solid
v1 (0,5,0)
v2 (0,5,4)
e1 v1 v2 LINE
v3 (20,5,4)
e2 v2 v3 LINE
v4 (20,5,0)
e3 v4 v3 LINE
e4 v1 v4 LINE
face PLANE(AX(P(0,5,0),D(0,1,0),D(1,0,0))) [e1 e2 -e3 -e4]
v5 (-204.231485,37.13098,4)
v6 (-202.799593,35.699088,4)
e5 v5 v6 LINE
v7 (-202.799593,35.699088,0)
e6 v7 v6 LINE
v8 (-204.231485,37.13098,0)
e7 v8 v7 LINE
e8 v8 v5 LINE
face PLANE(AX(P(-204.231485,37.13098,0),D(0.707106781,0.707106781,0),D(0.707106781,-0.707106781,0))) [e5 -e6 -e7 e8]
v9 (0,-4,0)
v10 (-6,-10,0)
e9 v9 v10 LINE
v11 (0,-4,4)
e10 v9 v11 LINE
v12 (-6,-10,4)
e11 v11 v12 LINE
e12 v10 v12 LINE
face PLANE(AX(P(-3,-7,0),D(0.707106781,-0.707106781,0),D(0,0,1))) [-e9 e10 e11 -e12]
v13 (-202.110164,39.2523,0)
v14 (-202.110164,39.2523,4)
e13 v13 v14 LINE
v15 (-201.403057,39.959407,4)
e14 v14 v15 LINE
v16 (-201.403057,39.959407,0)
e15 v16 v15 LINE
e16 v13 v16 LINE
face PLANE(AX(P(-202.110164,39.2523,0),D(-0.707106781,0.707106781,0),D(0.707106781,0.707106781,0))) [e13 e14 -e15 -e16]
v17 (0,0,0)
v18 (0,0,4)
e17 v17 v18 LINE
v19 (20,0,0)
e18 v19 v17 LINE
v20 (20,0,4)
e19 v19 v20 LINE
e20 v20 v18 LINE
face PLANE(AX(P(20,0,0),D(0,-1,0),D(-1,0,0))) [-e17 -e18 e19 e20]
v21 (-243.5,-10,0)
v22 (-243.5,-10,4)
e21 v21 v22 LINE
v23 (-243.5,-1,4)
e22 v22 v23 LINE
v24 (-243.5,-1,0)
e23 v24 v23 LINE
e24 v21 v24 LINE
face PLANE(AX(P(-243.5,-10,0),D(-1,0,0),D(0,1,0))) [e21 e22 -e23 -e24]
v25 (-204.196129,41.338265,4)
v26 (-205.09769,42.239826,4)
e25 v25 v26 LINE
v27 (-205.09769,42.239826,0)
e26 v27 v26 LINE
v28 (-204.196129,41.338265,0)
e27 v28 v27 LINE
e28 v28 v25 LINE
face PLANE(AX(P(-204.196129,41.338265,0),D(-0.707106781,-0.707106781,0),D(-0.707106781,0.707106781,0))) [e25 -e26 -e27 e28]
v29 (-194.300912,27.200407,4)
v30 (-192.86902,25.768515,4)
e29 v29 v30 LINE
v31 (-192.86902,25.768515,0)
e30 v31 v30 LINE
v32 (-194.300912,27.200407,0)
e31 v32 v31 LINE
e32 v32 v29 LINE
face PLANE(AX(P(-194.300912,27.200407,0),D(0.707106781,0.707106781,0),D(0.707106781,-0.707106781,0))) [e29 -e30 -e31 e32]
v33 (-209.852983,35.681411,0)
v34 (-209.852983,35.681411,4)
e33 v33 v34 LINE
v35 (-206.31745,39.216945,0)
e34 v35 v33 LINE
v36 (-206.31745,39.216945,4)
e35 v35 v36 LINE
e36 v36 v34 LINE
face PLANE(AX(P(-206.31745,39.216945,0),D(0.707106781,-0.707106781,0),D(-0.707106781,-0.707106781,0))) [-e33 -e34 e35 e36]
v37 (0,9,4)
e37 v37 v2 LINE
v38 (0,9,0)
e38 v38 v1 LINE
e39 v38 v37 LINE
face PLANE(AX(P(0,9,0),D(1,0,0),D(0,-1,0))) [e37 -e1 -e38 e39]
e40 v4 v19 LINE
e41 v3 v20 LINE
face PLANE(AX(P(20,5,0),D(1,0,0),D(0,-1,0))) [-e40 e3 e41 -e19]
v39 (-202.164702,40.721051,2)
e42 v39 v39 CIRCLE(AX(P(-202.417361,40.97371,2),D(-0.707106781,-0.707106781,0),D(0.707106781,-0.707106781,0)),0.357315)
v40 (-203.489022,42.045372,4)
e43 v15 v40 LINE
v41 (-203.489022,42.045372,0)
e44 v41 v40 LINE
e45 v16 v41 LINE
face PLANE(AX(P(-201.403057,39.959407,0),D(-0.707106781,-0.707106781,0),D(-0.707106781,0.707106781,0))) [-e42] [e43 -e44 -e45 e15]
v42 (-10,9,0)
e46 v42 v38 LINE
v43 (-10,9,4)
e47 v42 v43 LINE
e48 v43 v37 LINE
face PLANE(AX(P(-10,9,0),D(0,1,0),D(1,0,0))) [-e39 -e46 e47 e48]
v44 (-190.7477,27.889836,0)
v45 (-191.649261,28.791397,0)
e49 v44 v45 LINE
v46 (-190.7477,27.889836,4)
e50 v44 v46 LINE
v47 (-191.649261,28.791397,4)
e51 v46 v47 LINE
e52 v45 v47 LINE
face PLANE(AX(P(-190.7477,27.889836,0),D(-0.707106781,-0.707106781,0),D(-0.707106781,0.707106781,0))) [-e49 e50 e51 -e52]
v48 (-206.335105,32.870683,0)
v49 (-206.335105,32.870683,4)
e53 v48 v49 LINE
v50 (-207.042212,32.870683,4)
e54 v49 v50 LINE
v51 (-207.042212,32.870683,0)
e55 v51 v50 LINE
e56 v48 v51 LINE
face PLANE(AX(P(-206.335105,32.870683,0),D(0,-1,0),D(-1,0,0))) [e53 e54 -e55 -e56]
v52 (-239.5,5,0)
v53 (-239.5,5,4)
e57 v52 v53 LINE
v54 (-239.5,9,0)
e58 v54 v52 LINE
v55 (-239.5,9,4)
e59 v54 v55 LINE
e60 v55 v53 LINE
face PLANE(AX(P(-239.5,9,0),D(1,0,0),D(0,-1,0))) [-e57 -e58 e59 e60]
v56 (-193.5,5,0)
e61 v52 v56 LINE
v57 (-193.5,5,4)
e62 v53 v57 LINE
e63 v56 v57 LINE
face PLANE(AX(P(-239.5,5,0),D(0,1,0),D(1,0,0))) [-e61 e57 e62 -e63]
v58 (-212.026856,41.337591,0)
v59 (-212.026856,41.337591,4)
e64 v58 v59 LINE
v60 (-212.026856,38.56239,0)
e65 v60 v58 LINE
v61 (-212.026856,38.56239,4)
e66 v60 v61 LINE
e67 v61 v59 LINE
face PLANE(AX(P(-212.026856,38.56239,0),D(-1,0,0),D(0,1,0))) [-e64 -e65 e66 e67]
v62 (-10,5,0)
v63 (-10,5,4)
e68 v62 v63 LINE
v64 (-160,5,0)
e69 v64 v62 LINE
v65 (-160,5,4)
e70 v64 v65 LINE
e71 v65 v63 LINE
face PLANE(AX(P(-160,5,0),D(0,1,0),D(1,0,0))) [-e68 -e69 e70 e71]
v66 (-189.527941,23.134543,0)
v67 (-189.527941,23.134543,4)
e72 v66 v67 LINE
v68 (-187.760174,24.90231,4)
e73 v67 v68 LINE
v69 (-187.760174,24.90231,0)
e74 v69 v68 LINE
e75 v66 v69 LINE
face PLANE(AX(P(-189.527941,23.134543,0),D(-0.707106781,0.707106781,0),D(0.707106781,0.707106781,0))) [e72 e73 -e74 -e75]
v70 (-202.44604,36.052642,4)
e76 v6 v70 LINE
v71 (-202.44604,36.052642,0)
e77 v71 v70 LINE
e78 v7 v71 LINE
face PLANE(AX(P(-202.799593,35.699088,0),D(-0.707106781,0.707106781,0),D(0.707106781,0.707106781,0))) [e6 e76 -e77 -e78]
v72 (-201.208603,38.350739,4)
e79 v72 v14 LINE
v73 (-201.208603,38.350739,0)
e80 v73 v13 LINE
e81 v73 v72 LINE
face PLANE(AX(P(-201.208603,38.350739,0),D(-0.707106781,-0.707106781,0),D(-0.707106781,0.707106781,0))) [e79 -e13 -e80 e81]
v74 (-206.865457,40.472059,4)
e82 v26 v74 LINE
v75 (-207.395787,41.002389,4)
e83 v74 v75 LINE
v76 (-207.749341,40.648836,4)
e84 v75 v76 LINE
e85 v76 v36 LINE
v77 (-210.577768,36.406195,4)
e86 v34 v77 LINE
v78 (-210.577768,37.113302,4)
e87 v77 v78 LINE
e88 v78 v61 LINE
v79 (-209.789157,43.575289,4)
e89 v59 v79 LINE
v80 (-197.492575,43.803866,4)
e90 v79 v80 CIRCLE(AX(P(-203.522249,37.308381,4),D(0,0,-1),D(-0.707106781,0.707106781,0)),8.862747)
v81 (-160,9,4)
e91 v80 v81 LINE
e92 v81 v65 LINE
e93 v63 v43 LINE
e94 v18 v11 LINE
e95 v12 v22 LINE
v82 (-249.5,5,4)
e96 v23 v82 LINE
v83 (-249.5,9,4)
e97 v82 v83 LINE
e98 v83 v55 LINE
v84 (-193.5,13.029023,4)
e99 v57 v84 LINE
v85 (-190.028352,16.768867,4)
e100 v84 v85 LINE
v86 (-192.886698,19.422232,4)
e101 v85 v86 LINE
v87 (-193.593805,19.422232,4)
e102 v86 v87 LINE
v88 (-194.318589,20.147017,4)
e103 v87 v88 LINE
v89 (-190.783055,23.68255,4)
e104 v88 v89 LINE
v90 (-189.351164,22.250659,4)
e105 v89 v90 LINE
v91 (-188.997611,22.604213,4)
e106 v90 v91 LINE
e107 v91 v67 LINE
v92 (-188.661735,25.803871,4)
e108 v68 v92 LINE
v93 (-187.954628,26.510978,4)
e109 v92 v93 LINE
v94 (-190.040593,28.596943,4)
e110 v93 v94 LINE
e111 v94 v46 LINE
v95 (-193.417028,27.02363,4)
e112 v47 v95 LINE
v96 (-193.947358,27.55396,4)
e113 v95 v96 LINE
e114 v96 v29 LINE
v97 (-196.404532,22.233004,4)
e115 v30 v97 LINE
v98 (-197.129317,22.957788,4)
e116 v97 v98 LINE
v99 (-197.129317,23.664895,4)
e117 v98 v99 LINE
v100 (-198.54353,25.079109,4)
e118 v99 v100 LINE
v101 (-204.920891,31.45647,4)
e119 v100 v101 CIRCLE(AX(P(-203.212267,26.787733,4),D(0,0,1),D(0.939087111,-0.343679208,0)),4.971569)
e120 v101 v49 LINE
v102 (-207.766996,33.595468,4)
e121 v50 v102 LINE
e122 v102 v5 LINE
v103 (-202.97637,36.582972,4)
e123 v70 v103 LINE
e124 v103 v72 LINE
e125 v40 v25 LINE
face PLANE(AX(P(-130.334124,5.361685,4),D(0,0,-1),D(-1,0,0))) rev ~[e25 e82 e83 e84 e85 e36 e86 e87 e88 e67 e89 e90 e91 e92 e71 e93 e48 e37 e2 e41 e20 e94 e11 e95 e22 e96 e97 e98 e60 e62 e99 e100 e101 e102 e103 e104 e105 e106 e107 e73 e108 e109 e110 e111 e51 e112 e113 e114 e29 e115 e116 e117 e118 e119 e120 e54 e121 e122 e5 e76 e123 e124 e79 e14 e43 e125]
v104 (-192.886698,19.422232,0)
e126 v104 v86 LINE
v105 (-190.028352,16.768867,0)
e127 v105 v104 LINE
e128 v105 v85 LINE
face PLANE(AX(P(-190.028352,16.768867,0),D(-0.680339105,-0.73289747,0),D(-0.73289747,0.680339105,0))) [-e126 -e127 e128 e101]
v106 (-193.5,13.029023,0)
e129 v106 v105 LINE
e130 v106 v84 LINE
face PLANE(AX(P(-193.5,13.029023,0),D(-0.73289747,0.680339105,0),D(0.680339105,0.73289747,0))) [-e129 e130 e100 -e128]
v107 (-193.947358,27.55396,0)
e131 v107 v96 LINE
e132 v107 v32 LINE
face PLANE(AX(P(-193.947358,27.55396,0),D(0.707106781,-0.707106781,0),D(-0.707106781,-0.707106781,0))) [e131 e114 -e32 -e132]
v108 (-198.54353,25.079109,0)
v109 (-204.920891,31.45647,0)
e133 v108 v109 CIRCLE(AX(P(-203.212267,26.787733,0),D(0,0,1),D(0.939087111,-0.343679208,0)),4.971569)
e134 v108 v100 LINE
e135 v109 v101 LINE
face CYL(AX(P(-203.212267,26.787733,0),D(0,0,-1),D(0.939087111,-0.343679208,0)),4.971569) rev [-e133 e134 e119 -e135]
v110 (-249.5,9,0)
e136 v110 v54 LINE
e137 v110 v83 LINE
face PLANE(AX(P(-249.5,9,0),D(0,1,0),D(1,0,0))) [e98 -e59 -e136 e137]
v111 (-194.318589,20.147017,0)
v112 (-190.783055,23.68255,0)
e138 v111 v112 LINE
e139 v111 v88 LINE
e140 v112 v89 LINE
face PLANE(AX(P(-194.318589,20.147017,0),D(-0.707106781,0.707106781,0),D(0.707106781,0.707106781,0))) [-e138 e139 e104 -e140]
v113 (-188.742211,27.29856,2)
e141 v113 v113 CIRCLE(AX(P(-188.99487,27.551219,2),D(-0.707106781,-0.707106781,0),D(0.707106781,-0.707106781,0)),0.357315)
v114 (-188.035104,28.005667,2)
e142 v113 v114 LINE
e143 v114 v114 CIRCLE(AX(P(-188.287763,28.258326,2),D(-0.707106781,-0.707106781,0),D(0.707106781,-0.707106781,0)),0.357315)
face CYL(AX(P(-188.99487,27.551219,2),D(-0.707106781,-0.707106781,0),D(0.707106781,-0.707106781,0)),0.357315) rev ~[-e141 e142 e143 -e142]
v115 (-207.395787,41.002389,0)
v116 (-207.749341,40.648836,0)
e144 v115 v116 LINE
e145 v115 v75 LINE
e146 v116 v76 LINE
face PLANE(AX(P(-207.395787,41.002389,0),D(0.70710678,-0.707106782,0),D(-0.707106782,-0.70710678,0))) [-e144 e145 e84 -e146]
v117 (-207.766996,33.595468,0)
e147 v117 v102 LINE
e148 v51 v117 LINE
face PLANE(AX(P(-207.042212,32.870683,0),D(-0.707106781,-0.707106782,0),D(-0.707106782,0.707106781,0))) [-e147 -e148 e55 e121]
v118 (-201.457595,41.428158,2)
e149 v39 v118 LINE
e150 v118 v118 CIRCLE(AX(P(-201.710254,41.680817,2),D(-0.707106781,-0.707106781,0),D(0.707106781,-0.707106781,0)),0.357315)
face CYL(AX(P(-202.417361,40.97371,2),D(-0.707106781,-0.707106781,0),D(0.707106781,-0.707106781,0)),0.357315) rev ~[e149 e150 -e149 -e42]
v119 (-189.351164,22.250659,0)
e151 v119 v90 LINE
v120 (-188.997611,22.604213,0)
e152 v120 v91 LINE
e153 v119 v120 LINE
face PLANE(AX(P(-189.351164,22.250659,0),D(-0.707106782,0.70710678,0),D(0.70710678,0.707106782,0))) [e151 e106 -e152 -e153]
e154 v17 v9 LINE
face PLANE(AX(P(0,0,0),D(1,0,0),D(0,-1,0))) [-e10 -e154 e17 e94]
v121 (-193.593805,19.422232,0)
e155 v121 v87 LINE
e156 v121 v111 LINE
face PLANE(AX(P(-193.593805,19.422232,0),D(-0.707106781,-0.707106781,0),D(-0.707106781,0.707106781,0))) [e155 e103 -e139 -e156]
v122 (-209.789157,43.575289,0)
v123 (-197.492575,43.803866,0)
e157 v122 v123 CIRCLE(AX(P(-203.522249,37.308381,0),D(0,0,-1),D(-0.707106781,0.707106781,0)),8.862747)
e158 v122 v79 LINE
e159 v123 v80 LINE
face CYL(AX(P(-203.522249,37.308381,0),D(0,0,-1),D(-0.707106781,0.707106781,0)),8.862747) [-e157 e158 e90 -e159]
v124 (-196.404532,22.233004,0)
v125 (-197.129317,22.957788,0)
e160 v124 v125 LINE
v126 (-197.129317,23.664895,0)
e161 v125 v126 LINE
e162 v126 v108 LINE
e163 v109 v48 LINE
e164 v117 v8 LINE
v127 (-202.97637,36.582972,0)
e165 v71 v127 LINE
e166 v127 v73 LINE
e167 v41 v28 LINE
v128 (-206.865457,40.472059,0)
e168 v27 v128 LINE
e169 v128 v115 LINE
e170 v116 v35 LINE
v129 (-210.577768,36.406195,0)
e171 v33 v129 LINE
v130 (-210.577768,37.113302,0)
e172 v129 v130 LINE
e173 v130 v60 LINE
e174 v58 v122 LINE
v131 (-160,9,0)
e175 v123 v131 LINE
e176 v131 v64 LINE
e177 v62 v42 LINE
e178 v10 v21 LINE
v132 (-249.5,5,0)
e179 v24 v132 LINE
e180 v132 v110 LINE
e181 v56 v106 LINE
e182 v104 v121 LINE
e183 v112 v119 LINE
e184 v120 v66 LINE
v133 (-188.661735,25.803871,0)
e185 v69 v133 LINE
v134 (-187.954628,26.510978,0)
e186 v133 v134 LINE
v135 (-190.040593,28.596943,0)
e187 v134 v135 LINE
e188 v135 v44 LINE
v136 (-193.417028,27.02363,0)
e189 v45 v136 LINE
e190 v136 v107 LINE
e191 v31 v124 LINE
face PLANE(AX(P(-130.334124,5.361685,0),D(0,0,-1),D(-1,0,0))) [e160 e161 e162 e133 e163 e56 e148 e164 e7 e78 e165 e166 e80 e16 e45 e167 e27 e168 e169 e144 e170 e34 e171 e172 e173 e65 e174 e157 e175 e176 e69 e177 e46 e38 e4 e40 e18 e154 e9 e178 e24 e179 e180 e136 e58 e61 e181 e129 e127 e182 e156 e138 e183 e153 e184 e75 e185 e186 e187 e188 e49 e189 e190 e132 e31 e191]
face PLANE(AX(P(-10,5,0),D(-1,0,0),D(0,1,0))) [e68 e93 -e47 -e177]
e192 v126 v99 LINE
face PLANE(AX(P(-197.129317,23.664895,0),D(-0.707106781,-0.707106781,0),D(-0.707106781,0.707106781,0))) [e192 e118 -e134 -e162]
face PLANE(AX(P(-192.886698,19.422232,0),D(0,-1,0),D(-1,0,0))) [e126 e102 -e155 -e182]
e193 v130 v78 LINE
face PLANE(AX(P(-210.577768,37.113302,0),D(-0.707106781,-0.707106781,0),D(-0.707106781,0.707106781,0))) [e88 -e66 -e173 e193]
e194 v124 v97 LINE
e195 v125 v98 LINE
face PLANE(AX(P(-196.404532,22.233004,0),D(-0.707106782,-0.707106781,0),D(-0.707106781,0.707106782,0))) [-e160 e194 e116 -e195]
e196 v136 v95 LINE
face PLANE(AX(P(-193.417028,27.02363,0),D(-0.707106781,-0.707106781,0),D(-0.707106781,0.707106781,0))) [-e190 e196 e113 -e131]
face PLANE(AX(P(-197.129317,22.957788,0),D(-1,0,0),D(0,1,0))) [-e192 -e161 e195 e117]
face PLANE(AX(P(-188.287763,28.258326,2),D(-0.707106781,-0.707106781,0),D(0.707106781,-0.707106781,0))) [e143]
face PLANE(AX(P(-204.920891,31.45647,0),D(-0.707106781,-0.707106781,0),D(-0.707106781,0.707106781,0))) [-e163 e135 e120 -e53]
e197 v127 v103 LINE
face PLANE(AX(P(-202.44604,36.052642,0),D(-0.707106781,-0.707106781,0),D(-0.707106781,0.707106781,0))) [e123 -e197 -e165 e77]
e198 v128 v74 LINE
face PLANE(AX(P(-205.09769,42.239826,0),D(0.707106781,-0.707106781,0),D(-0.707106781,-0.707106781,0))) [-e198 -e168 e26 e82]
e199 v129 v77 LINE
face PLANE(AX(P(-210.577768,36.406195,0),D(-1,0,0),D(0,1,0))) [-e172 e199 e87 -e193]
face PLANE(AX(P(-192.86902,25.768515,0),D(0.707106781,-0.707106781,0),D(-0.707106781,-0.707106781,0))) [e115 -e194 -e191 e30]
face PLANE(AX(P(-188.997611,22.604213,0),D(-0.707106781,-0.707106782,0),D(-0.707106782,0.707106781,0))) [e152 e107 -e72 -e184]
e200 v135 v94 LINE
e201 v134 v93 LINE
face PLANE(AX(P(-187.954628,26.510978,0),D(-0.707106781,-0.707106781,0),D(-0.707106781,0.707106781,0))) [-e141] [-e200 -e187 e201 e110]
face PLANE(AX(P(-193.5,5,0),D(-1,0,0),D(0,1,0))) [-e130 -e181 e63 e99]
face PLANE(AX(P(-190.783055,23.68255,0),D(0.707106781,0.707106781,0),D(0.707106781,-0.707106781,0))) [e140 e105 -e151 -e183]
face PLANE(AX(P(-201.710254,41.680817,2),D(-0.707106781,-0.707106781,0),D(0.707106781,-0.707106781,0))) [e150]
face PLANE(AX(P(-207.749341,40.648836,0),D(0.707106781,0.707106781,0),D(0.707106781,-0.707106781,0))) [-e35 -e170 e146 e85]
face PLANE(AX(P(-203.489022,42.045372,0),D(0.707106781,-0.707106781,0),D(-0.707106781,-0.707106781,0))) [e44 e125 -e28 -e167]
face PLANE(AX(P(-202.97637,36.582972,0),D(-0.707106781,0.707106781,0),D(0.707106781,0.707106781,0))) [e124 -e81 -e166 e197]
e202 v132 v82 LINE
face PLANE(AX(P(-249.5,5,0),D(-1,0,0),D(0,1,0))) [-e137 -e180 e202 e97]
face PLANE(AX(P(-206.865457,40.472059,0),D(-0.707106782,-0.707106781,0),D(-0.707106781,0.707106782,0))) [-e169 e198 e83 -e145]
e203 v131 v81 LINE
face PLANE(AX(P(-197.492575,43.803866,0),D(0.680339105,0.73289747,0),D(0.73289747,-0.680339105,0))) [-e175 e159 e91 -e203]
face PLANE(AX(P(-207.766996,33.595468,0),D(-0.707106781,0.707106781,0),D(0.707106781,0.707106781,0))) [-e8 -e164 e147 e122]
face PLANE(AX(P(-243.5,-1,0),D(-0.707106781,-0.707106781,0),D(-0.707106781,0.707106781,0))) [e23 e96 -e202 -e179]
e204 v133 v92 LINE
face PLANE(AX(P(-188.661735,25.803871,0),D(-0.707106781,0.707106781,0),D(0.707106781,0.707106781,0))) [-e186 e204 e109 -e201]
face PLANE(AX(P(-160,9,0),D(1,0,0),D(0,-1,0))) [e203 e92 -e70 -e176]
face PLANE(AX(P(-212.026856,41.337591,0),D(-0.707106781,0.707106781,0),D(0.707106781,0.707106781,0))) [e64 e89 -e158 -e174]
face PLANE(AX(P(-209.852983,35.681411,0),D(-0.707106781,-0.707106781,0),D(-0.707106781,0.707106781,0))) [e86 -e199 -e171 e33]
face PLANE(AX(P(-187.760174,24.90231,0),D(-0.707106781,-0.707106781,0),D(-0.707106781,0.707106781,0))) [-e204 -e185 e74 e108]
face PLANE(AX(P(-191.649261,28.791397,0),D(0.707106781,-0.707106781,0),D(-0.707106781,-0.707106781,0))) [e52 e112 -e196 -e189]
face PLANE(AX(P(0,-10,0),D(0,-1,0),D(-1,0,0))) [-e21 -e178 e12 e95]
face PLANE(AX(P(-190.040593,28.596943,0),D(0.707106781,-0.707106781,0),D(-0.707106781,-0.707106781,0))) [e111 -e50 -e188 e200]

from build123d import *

# Parameters (mm, degrees)
BOSS_EXTRUDE1_DEPTH = 4
CHAMFER1_SIZE       = 6
SKETCH2_R           = 0.357314597
CUT_EXTRUDE1_DEPTH  = 1


with BuildPart() as part:
    # Sketch1 → Boss-Extrude1 (new body)
    with BuildSketch(Plane.XY):
        with BuildLine():
            Line((-193.5, 5), (-193.5, 13.029022597))
            Line((-193.5, 13.029022597), (-190.028351822, 16.768866664))
            Line((-190.028351822, 16.768866664), (-192.886698165, 19.422232071))
            Line((-192.886698165, 19.422232071), (-193.593804946, 19.422232071))
            Line((-193.593804946, 19.422232071), (-194.318589397, 20.147016522))
            Line((-194.318589397, 20.147016522), (-190.783055491, 23.682550428))
            Line((-190.783055491, 23.682550428), (-189.351164259, 22.250659196))
            Line((-189.351164259, 22.250659196), (-188.997610869, 22.604212587))
            Line((-188.997610869, 22.604212587), (-189.527940955, 23.134542672))
            Line((-189.527940955, 23.134542672), (-187.760174002, 24.902309625))
            Line((-187.760174002, 24.902309625), (-188.661735148, 25.803870771))
            Line((-188.661735148, 25.803870771), (-187.954628366, 26.510977553))
            Line((-187.954628366, 26.510977553), (-190.040593371, 28.596942557))
            Line((-190.040593371, 28.596942557), (-190.747700152, 27.889835776))
            Line((-190.747700152, 27.889835776), (-191.649261298, 28.791396922))
            Line((-191.649261298, 28.791396922), (-193.417028251, 27.023629969))
            Line((-193.417028251, 27.023629969), (-193.947358337, 27.553960055))
            Line((-193.947358337, 27.553960055), (-194.300911728, 27.200406664))
            Line((-194.300911728, 27.200406664), (-192.869020496, 25.768515432))
            Line((-192.869020496, 25.768515432), (-196.404532161, 22.233003767))
            Line((-196.404532161, 22.233003767), (-197.129316611, 22.957788218))
            Line((-197.129316611, 22.957788218), (-197.129316611, 23.664894999))
            Line((-197.129316611, 23.664894999), (-198.543530174, 25.079108562))
            ThreePointArc((-198.543530174, 25.079108562), (-199.69683639, 30.30316361), (-204.920891438, 31.456469826))
            Line((-204.920891438, 31.456469826), (-206.335105001, 32.870683389))
            Line((-206.335105001, 32.870683389), (-207.042211782, 32.870683389))
            Line((-207.042211782, 32.870683389), (-207.766996233, 33.595467839))
            Line((-207.766996233, 33.595467839), (-204.231484568, 37.130979504))
            Line((-204.231484568, 37.130979504), (-202.799593336, 35.699088272))
            Line((-202.799593336, 35.699088272), (-202.446039945, 36.052641663))
            Line((-202.446039945, 36.052641663), (-202.976370031, 36.582971749))
            Line((-202.976370031, 36.582971749), (-201.208603078, 38.350738702))
            Line((-201.208603078, 38.350738702), (-202.110164224, 39.252299848))
            Line((-202.110164224, 39.252299848), (-201.403057443, 39.959406629))
            Line((-201.403057443, 39.959406629), (-203.489022447, 42.045371634))
            Line((-203.489022447, 42.045371634), (-204.196129229, 41.338264852))
            Line((-204.196129229, 41.338264852), (-205.097690375, 42.239825998))
            Line((-205.097690375, 42.239825998), (-206.865457328, 40.472059045))
            Line((-206.865457328, 40.472059045), (-207.395787413, 41.002389131))
            Line((-207.395787413, 41.002389131), (-207.749340804, 40.648835741))
            Line((-207.749340804, 40.648835741), (-206.317449572, 39.216944509))
            Line((-206.317449572, 39.216944509), (-209.852983478, 35.681410603))
            Line((-209.852983478, 35.681410603), (-210.577767929, 36.406195054))
            Line((-210.577767929, 36.406195054), (-210.577767929, 37.113301835))
            Line((-210.577767929, 37.113301835), (-212.026855734, 38.56238964))
            Line((-212.026855734, 38.56238964), (-212.026855734, 41.337590552))
            Line((-212.026855734, 41.337590552), (-209.789156947, 43.57528934))
            ThreePointArc((-209.789156947, 43.57528934), (-203.686966217, 46.169596994), (-197.492575262, 43.803865688))
            Line((-197.492575262, 43.803865688), (-160, 9))
            Line((-160, 9), (-160, 5))
            Line((-160, 5), (-10, 5))
            Line((-10, 5), (-10, 9))
            Line((-10, 9), (0, 9))
            Line((0, 9), (0, 5))
            Line((0, 5), (20, 5))
            Line((20, 5), (20, 0))
            Line((20, 0), (0, 0))
            Line((0, 0), (0, -10))
            Line((0, -10), (-243.5, -10))
            Line((-243.5, -10), (-243.5, -1))
            Line((-243.5, -1), (-249.5, 5))
            Line((-249.5, 5), (-249.5, 9))
            Line((-249.5, 9), (-239.5, 9))
            Line((-239.5, 9), (-239.5, 5))
            Line((-239.5, 5), (-193.5, 5))
        make_face()
    extrude(amount=BOSS_EXTRUDE1_DEPTH)

    # Chamfer1
    chamfer1_edges = [part.edges().sort_by_distance(p)[0] for p in [
        (0, -10, 2),
    ]]
    chamfer(chamfer1_edges, length=CHAMFER1_SIZE)

    # Sketch2 → Cut-Extrude1 (cut)
    with BuildSketch(Plane(origin=(-80.721825407, -80.721825407, 0), x_dir=(0, 0, 1), z_dir=(-0.7071067811865454, -0.7071067811865497, 0))):
        with Locations(Location((2, 172.10347727, 0), (0, 0, 270))):
            Circle(SKETCH2_R)
        with Locations(Location((2, 153.121208308, 0), (0, 0, 270))):
            Circle(SKETCH2_R)
    extrude(amount=-CUT_EXTRUDE1_DEPTH, mode=Mode.SUBTRACT)


solid = part.part
